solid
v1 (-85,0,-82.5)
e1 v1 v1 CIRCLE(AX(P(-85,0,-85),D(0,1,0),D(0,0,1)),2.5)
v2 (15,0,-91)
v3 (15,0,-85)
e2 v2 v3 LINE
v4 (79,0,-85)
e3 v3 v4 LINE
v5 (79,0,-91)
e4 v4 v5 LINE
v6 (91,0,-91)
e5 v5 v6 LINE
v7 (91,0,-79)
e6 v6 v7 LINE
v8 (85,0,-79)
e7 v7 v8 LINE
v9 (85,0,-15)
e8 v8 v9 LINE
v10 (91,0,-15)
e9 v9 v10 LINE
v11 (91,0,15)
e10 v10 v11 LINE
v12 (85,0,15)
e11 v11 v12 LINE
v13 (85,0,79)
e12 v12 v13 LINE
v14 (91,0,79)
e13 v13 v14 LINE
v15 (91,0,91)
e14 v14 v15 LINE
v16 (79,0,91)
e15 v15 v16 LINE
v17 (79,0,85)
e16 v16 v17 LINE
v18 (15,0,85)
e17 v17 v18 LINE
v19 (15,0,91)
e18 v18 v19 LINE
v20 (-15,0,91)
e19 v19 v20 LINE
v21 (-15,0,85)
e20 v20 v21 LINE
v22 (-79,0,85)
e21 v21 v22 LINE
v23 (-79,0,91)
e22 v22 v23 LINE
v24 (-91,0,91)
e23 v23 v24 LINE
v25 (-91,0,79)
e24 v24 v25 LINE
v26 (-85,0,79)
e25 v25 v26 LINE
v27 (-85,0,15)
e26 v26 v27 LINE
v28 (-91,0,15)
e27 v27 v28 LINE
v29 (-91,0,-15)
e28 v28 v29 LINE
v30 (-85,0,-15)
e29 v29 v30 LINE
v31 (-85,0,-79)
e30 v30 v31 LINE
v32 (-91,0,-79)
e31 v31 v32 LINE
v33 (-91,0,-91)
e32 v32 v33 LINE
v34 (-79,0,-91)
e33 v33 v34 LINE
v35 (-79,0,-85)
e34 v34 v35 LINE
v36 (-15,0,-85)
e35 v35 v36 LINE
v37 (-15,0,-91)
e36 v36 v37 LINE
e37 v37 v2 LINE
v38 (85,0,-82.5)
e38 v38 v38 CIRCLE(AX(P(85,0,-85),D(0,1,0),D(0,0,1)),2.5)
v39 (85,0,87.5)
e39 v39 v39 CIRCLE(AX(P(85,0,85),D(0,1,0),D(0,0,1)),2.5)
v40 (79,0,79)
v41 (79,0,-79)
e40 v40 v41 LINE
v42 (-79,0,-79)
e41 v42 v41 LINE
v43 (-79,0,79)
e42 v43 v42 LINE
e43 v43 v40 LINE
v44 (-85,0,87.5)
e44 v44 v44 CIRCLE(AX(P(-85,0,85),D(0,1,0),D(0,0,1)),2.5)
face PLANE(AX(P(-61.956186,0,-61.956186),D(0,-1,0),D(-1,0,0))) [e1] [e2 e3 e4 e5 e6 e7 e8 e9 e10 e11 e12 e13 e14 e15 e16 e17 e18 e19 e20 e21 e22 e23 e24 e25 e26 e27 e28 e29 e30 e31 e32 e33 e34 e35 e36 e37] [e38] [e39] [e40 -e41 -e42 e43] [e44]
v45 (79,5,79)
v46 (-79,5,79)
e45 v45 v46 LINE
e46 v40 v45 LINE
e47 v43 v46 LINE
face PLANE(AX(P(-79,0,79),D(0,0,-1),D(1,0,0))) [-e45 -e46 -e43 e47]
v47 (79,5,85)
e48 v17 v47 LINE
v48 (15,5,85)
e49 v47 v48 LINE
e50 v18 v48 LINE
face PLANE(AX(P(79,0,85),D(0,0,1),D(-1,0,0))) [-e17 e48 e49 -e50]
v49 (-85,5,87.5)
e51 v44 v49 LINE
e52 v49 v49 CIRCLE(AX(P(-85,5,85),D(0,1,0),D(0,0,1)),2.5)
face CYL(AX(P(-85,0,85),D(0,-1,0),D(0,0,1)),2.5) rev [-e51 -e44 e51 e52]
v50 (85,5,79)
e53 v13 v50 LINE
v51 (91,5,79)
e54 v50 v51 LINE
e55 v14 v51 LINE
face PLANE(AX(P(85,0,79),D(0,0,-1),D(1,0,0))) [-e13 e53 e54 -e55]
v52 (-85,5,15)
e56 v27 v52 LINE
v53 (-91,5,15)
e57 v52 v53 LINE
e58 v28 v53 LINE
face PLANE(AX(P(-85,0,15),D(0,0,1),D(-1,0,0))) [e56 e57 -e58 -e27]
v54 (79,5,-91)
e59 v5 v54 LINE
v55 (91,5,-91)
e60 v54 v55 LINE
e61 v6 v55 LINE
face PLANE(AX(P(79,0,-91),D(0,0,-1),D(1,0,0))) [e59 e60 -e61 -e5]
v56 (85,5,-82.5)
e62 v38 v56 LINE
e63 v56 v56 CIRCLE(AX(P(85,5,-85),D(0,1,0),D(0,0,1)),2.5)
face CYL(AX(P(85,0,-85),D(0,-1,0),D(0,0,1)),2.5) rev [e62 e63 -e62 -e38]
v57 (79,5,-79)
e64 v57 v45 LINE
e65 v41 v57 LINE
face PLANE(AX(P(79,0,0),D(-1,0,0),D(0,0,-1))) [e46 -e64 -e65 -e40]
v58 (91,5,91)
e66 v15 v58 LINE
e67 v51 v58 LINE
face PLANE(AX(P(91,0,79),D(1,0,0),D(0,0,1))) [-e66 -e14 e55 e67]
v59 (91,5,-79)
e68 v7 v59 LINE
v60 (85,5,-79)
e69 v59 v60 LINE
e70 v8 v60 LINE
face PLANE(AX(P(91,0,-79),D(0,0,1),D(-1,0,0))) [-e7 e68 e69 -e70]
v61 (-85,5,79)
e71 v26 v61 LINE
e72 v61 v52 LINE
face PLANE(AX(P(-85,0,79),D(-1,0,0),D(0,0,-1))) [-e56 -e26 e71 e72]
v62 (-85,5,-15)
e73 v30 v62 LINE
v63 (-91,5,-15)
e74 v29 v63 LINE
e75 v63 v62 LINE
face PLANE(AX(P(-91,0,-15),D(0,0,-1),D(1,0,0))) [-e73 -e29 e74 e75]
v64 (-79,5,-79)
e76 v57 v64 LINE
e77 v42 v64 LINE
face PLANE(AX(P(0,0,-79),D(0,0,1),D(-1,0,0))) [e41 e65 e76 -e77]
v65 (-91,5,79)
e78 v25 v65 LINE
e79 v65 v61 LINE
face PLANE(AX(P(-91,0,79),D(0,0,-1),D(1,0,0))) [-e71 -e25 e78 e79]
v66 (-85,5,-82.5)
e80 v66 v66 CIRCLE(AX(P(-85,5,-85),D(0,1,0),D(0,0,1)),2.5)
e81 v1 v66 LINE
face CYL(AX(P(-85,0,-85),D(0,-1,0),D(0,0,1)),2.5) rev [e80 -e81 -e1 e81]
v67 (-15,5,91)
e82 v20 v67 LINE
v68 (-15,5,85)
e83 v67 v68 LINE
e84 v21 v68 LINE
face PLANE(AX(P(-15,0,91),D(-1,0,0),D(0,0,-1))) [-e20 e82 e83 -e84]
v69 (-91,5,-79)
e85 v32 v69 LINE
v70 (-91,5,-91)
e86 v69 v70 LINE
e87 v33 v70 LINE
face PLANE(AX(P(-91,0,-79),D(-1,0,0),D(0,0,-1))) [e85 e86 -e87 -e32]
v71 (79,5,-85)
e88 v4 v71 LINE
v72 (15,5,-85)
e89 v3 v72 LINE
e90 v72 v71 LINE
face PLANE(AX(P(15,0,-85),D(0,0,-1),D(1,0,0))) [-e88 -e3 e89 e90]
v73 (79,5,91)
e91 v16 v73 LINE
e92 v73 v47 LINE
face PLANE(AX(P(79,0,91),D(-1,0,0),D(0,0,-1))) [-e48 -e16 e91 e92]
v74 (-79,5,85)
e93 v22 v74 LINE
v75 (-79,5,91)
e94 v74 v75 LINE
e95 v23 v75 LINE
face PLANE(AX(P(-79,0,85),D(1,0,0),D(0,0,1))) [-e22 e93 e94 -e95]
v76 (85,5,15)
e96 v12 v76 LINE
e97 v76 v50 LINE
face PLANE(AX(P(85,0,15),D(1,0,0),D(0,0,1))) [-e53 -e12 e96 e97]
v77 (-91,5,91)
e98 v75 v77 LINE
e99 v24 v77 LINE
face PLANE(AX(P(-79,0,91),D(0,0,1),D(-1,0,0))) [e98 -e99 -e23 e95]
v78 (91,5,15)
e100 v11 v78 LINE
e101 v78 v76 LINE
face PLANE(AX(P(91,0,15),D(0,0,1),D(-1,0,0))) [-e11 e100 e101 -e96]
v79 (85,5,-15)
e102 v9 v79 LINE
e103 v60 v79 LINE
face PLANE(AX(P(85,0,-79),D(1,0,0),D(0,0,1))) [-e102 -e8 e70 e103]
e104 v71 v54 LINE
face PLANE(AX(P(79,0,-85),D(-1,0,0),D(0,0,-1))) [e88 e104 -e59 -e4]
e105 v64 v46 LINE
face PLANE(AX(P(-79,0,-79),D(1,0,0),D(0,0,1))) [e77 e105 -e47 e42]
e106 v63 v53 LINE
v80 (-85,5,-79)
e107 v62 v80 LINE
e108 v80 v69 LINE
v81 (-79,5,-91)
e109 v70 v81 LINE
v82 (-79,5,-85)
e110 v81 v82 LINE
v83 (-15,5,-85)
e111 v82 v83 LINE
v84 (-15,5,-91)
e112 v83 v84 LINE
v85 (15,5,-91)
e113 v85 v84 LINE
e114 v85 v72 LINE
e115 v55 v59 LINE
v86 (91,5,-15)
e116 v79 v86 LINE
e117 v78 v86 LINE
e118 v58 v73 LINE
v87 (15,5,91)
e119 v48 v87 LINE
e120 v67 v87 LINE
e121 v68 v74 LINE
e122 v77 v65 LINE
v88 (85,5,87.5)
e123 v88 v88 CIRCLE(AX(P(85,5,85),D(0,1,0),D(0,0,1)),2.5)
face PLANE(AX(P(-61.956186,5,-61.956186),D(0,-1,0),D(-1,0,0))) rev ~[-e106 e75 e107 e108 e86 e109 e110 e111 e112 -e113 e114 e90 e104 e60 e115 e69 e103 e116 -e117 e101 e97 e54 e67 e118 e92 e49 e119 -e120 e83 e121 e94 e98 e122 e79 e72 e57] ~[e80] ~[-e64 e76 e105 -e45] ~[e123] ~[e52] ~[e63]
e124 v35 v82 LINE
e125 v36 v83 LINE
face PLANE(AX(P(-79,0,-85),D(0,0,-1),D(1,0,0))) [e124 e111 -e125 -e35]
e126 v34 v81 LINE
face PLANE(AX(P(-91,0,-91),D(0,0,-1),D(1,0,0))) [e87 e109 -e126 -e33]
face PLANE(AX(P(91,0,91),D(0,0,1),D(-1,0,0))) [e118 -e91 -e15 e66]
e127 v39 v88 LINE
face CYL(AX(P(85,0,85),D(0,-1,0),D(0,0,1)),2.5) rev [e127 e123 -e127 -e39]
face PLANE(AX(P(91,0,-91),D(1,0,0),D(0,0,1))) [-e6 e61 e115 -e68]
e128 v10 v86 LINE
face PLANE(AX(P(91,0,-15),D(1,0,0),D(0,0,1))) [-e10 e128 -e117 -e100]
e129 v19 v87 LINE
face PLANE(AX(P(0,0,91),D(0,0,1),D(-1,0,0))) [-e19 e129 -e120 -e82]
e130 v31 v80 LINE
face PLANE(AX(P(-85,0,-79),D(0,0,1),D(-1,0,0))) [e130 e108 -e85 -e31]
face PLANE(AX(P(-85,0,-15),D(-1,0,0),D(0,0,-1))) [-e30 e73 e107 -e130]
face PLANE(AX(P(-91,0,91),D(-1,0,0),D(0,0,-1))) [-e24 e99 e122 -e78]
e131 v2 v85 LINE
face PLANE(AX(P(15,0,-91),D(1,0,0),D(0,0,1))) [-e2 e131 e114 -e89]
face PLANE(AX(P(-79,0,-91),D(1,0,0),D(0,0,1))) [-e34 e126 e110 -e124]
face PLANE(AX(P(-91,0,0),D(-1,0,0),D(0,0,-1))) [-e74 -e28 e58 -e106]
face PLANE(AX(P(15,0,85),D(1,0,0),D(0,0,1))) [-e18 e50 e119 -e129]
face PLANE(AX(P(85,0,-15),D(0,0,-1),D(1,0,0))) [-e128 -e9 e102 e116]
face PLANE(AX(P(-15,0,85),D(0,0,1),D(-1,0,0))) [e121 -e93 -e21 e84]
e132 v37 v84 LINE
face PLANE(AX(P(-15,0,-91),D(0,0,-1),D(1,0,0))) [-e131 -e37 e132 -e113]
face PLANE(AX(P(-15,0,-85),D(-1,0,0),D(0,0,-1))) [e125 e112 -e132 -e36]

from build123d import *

# Parameters (mm, degrees)
CROQUIS1_R              = 2.5
SALIENTE_EXTRUIR1_DEPTH = 5


with BuildPart() as part:
    # Croquis1 → Saliente-Extruir1 (new body)
    # profile 1 of 4: a face of its own
    with BuildSketch(Plane(origin=(0, 0, 0), x_dir=(1, 0, 0), z_dir=(0, 1, 0))):
        Polygon((0, 79), (0, 91), (15, 91), (15, 85), (79, 85), (79, 91), (91, 91), (91, 79), (85, 79), (85, 15), (91, 15), (91, 0), (79, 0), (79, 79), align=None)
        with Locations(Location((85, 85, 0), (0, 0, 270))):
            Circle(CROQUIS1_R, mode=Mode.SUBTRACT)
    # profile 2 of 4: a face of its own
    with BuildSketch(Plane(origin=(0, 0, 0), x_dir=(1, 0, 0), z_dir=(0, 1, 0))):
        Polygon((79, 0), (91, 0), (91, -15), (85, -15), (85, -79), (91, -79), (91, -91), (79, -91), (79, -85), (15, -85), (15, -91), (0, -91), (0, -79), (79, -79), align=None)
        with Locations(Location((85, -85, 0), (0, 0, 270))):
            Circle(CROQUIS1_R, mode=Mode.SUBTRACT)
    # profile 3 of 4: a face of its own
    with BuildSketch(Plane(origin=(0, 0, 0), x_dir=(1, 0, 0), z_dir=(0, 1, 0))):
        Polygon((0, -79), (0, -91), (-15, -91), (-15, -85), (-79, -85), (-79, -91), (-91, -91), (-91, -79), (-85, -79), (-85, -15), (-91, -15), (-91, 0), (-79, 0), (-79, -79), align=None)
        with Locations(Location((-85, -85, 0), (0, 0, 270))):
            Circle(CROQUIS1_R, mode=Mode.SUBTRACT)
    # profile 4 of 4: a face of its own
    with BuildSketch(Plane(origin=(0, 0, 0), x_dir=(1, 0, 0), z_dir=(0, 1, 0))):
        Polygon((0, 79), (-79, 79), (-79, 0), (-91, 0), (-91, 15), (-85, 15), (-85, 79), (-91, 79), (-91, 91), (-79, 91), (-79, 85), (-15, 85), (-15, 91), (0, 91), align=None)
        with Locations(Location((-85, 85, 0), (0, 0, 270))):
            Circle(CROQUIS1_R, mode=Mode.SUBTRACT)
    extrude(amount=SALIENTE_EXTRUIR1_DEPTH)


solid = part.part
